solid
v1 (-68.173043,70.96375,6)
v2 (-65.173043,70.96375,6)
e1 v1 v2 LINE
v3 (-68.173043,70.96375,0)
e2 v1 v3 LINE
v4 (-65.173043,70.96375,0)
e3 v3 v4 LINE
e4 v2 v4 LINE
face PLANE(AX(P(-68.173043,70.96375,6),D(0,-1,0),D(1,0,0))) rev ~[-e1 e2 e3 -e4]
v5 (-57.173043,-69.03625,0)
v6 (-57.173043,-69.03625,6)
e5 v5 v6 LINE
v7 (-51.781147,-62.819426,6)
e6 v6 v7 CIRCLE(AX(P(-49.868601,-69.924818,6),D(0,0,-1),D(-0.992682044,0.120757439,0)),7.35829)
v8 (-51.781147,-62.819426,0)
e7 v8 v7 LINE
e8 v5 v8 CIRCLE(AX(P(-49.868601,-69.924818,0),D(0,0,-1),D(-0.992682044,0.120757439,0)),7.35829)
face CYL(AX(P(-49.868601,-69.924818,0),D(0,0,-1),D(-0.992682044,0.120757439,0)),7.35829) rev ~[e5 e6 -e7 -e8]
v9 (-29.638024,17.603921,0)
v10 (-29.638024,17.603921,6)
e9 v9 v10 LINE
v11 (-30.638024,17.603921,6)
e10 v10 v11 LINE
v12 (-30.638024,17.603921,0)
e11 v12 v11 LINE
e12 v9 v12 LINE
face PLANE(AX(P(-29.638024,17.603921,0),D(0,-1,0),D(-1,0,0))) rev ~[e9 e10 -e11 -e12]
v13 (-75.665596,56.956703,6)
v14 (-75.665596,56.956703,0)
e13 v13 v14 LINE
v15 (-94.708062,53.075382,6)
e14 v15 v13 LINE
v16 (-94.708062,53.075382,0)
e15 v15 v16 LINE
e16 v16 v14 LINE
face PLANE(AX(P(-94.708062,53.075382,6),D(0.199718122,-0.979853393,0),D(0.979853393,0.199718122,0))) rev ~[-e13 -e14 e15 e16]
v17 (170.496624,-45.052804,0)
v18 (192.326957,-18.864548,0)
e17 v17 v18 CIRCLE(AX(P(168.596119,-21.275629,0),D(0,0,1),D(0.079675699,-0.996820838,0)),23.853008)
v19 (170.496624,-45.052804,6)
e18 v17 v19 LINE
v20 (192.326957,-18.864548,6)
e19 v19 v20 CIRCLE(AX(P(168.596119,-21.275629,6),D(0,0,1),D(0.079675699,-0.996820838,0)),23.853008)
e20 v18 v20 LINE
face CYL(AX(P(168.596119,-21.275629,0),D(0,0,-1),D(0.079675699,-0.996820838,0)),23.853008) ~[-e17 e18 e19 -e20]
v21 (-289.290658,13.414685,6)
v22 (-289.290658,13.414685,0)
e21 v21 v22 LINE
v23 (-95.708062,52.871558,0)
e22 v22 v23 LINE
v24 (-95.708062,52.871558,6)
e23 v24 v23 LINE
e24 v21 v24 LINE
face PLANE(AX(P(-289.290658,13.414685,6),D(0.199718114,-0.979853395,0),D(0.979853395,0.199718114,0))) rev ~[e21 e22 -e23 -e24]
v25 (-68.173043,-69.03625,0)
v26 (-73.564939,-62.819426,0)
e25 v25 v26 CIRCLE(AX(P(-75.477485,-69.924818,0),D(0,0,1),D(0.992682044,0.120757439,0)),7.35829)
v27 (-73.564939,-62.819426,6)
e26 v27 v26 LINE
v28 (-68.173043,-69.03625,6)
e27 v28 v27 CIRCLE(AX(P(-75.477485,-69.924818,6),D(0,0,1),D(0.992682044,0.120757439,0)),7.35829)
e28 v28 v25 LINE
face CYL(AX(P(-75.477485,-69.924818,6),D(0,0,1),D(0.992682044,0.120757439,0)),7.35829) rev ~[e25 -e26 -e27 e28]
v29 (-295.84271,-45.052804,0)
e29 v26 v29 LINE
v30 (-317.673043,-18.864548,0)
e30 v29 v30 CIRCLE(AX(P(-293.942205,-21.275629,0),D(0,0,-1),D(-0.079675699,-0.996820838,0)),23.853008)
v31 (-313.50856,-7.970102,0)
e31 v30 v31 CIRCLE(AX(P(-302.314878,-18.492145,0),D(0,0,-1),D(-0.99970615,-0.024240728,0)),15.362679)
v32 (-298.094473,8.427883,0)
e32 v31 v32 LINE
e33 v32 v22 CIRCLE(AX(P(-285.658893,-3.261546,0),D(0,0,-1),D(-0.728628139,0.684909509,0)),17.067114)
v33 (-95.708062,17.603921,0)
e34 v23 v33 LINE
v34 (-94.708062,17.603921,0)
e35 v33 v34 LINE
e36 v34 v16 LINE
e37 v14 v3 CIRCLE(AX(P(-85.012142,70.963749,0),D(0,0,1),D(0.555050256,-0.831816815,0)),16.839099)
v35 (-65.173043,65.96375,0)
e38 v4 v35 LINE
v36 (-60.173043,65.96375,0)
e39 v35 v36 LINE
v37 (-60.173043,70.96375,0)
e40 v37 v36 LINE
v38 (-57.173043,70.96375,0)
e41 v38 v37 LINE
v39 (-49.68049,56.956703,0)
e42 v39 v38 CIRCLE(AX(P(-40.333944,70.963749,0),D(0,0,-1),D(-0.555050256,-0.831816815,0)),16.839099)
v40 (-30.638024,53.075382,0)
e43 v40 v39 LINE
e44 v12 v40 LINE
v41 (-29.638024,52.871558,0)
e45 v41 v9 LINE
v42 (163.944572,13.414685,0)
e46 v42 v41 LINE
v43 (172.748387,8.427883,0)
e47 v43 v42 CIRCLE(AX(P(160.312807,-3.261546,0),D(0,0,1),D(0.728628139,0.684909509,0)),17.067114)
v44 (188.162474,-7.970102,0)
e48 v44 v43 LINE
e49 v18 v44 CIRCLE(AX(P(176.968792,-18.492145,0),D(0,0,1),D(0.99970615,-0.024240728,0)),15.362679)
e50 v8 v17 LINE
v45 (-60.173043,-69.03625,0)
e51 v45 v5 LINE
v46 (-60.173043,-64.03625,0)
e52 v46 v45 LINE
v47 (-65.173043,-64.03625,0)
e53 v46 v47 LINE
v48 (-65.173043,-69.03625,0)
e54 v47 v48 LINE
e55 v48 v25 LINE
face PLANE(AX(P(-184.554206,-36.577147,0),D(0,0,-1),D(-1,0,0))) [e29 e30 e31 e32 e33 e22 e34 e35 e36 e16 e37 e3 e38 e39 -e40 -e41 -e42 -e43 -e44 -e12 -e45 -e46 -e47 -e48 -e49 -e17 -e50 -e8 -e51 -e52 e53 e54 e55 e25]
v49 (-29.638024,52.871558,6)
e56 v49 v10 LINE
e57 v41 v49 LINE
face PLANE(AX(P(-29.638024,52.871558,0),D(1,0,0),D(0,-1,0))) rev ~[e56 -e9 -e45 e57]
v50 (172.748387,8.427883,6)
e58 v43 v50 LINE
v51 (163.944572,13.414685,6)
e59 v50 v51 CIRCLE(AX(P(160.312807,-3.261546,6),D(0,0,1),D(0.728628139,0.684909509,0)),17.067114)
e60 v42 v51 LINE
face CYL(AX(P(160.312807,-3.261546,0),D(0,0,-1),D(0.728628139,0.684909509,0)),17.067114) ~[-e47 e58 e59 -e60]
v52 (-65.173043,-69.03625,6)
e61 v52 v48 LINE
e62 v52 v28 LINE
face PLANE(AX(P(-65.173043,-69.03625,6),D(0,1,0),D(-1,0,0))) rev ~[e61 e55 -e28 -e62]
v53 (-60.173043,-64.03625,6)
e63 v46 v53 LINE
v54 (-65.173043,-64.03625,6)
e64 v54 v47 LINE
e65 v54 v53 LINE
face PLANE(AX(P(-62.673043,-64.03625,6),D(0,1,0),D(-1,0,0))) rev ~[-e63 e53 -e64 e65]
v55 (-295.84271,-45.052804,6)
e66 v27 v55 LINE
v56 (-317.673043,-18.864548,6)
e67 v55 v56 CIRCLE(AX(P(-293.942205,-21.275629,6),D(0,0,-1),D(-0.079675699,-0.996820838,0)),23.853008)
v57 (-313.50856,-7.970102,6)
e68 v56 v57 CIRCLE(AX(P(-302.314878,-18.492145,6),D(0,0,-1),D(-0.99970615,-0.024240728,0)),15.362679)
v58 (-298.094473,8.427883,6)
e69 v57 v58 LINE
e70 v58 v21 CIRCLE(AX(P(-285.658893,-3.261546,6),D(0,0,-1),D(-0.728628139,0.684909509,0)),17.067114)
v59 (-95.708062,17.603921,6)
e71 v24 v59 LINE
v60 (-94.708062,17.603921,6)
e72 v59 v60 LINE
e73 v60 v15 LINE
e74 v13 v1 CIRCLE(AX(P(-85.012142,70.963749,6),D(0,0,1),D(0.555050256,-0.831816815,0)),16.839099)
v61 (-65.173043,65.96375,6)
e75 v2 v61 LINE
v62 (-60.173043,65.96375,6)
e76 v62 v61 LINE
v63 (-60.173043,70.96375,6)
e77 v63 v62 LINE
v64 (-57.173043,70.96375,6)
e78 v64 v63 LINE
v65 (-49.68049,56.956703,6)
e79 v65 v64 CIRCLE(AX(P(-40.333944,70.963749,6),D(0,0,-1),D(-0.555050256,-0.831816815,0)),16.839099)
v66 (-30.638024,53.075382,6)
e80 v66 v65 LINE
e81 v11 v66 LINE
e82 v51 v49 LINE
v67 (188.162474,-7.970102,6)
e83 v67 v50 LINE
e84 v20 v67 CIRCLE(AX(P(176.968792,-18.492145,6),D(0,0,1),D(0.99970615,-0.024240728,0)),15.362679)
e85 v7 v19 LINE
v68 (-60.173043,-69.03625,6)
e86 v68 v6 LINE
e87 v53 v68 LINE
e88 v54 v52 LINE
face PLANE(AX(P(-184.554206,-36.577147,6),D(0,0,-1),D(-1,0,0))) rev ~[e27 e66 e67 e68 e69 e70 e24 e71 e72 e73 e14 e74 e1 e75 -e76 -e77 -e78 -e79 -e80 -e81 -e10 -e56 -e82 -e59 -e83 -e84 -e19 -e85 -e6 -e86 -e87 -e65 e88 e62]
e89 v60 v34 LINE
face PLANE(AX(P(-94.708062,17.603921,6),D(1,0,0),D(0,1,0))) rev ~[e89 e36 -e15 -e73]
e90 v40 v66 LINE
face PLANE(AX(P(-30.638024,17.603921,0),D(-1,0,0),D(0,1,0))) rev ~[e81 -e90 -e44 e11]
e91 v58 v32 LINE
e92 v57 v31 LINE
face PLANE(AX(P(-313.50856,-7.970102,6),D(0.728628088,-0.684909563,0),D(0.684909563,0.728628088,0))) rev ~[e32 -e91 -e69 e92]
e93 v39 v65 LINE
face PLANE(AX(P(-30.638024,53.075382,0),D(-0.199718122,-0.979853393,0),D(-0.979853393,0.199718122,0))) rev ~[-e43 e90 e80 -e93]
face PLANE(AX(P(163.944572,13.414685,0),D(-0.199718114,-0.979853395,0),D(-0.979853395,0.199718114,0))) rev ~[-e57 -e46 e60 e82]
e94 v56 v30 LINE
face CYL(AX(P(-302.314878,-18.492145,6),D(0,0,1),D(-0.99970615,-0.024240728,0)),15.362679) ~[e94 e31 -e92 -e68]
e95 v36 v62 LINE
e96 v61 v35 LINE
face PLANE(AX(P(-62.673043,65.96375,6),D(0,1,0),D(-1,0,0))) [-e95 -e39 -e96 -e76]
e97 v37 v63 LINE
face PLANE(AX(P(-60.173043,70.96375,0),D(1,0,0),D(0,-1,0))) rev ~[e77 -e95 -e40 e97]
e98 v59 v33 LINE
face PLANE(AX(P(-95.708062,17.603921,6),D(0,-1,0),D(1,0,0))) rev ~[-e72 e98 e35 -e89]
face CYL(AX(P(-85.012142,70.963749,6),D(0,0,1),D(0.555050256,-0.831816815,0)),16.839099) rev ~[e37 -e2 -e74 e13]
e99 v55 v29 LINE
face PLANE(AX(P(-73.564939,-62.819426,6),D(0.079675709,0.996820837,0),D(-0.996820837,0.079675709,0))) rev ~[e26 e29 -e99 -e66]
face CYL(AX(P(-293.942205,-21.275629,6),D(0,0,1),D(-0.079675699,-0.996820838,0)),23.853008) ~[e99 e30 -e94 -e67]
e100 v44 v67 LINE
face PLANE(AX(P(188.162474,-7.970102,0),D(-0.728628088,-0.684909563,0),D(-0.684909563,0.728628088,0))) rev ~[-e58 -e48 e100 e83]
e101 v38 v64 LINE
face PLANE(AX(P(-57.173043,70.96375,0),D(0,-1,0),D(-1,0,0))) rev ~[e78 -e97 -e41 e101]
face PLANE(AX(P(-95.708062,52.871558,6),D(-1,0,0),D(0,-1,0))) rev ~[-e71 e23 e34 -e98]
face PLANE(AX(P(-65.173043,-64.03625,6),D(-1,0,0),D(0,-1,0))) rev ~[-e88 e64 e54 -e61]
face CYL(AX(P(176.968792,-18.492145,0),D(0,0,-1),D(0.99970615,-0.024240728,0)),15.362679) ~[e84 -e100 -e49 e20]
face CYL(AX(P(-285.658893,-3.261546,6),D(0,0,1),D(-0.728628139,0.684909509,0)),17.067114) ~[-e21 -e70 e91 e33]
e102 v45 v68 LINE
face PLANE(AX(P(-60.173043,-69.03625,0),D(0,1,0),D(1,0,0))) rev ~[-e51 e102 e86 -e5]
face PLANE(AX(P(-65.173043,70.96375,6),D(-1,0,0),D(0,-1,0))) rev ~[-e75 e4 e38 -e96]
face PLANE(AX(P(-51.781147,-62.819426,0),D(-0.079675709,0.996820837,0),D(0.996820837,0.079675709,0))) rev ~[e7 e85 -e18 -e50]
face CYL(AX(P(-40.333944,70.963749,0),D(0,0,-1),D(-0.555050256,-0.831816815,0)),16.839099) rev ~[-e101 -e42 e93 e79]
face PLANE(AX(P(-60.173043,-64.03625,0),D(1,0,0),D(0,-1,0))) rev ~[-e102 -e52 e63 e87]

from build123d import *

# Parameters (mm, degrees)
F0_W     = 2.5
F0_H     = 84.828298
F0_H_2   = 45.171702
F1_DEPTH = 6
F3_COUNT = 2
F3_ANGLE = 180


with BuildPart() as f1:
    # F0 (on Top) → F1 (new body)
    with BuildSketch(Plane.XY):
        with BuildLine():
            Line((192.326957, -18.864548), (-57.173043, -18.864548))
            Line((-57.173043, -18.864548), (-57.173043, -69.03625))
            ThreePointArc((-57.173043, -69.03625), (-55.427418, -65.103617), (-51.781147, -62.819426))
            Line((-51.781147, -62.819426), (170.496624, -45.052804))
            ThreePointArc((170.496624, -45.052804), (186.918172, -36.548754), (192.326957, -18.864548))
        make_face()
        Polygon((-60.173043, -18.864548), (-57.173043, -18.864548), (-57.173043, 70.96375), (-60.173043, 70.96375), (-60.173043, 65.96375), align=None)
        with Locations((-61.423043, 23.549601)):
            Rectangle(F0_W, F0_H)
        Polygon((-57.173043, -69.03625), (-57.173043, -18.864548), (-60.173043, -18.864548), (-60.173043, -64.03625), (-60.173043, -69.03625), align=None)
        with Locations((-61.423043, -41.450399)):
            Rectangle(F0_W, F0_H_2)
        with BuildLine():
            Line((-57.173043, 70.96375), (-57.173043, -18.864548))
            Line((-57.173043, -18.864548), (192.326957, -18.864548))
            ThreePointArc((192.326957, -18.864548), (191.318788, -13.006753), (188.162474, -7.970102))
            Line((188.162474, -7.970102), (-29.638024, 17.603921))
            Line((-29.638024, 17.603921), (-30.638024, 17.603921))
            Line((-30.638024, 17.603921), (-30.638024, 53.075382))
            Line((-30.638024, 53.075382), (-49.68049, 56.956703))
            ThreePointArc((-49.68049, 56.956703), (-55.182221, 63.02121), (-57.173043, 70.96375))
        make_face()
        with BuildLine():
            Line((-29.638024, 17.603921), (188.162474, -7.970102))
            Line((188.162474, -7.970102), (172.748387, 8.427883))
            ThreePointArc((172.748387, 8.427883), (168.724522, 11.588688), (163.944572, 13.414685))
            Line((163.944572, 13.414685), (-29.638024, 52.871558))
            Line((-29.638024, 52.871558), (-29.638024, 17.603921))
        make_face()
    extrude(amount=F1_DEPTH)

    # F3: F1 ×2 about axis
    f3_axis = Axis((-62.673043, 0.96375, 3), (0, -1, 0))


with BuildPart() as f1_1:
    add(f1.part)
    for i in range(1, F3_COUNT):
        add(f1.part.rotate(f3_axis, i * F3_ANGLE / (F3_COUNT - 1)))


solid = f1_1.part
